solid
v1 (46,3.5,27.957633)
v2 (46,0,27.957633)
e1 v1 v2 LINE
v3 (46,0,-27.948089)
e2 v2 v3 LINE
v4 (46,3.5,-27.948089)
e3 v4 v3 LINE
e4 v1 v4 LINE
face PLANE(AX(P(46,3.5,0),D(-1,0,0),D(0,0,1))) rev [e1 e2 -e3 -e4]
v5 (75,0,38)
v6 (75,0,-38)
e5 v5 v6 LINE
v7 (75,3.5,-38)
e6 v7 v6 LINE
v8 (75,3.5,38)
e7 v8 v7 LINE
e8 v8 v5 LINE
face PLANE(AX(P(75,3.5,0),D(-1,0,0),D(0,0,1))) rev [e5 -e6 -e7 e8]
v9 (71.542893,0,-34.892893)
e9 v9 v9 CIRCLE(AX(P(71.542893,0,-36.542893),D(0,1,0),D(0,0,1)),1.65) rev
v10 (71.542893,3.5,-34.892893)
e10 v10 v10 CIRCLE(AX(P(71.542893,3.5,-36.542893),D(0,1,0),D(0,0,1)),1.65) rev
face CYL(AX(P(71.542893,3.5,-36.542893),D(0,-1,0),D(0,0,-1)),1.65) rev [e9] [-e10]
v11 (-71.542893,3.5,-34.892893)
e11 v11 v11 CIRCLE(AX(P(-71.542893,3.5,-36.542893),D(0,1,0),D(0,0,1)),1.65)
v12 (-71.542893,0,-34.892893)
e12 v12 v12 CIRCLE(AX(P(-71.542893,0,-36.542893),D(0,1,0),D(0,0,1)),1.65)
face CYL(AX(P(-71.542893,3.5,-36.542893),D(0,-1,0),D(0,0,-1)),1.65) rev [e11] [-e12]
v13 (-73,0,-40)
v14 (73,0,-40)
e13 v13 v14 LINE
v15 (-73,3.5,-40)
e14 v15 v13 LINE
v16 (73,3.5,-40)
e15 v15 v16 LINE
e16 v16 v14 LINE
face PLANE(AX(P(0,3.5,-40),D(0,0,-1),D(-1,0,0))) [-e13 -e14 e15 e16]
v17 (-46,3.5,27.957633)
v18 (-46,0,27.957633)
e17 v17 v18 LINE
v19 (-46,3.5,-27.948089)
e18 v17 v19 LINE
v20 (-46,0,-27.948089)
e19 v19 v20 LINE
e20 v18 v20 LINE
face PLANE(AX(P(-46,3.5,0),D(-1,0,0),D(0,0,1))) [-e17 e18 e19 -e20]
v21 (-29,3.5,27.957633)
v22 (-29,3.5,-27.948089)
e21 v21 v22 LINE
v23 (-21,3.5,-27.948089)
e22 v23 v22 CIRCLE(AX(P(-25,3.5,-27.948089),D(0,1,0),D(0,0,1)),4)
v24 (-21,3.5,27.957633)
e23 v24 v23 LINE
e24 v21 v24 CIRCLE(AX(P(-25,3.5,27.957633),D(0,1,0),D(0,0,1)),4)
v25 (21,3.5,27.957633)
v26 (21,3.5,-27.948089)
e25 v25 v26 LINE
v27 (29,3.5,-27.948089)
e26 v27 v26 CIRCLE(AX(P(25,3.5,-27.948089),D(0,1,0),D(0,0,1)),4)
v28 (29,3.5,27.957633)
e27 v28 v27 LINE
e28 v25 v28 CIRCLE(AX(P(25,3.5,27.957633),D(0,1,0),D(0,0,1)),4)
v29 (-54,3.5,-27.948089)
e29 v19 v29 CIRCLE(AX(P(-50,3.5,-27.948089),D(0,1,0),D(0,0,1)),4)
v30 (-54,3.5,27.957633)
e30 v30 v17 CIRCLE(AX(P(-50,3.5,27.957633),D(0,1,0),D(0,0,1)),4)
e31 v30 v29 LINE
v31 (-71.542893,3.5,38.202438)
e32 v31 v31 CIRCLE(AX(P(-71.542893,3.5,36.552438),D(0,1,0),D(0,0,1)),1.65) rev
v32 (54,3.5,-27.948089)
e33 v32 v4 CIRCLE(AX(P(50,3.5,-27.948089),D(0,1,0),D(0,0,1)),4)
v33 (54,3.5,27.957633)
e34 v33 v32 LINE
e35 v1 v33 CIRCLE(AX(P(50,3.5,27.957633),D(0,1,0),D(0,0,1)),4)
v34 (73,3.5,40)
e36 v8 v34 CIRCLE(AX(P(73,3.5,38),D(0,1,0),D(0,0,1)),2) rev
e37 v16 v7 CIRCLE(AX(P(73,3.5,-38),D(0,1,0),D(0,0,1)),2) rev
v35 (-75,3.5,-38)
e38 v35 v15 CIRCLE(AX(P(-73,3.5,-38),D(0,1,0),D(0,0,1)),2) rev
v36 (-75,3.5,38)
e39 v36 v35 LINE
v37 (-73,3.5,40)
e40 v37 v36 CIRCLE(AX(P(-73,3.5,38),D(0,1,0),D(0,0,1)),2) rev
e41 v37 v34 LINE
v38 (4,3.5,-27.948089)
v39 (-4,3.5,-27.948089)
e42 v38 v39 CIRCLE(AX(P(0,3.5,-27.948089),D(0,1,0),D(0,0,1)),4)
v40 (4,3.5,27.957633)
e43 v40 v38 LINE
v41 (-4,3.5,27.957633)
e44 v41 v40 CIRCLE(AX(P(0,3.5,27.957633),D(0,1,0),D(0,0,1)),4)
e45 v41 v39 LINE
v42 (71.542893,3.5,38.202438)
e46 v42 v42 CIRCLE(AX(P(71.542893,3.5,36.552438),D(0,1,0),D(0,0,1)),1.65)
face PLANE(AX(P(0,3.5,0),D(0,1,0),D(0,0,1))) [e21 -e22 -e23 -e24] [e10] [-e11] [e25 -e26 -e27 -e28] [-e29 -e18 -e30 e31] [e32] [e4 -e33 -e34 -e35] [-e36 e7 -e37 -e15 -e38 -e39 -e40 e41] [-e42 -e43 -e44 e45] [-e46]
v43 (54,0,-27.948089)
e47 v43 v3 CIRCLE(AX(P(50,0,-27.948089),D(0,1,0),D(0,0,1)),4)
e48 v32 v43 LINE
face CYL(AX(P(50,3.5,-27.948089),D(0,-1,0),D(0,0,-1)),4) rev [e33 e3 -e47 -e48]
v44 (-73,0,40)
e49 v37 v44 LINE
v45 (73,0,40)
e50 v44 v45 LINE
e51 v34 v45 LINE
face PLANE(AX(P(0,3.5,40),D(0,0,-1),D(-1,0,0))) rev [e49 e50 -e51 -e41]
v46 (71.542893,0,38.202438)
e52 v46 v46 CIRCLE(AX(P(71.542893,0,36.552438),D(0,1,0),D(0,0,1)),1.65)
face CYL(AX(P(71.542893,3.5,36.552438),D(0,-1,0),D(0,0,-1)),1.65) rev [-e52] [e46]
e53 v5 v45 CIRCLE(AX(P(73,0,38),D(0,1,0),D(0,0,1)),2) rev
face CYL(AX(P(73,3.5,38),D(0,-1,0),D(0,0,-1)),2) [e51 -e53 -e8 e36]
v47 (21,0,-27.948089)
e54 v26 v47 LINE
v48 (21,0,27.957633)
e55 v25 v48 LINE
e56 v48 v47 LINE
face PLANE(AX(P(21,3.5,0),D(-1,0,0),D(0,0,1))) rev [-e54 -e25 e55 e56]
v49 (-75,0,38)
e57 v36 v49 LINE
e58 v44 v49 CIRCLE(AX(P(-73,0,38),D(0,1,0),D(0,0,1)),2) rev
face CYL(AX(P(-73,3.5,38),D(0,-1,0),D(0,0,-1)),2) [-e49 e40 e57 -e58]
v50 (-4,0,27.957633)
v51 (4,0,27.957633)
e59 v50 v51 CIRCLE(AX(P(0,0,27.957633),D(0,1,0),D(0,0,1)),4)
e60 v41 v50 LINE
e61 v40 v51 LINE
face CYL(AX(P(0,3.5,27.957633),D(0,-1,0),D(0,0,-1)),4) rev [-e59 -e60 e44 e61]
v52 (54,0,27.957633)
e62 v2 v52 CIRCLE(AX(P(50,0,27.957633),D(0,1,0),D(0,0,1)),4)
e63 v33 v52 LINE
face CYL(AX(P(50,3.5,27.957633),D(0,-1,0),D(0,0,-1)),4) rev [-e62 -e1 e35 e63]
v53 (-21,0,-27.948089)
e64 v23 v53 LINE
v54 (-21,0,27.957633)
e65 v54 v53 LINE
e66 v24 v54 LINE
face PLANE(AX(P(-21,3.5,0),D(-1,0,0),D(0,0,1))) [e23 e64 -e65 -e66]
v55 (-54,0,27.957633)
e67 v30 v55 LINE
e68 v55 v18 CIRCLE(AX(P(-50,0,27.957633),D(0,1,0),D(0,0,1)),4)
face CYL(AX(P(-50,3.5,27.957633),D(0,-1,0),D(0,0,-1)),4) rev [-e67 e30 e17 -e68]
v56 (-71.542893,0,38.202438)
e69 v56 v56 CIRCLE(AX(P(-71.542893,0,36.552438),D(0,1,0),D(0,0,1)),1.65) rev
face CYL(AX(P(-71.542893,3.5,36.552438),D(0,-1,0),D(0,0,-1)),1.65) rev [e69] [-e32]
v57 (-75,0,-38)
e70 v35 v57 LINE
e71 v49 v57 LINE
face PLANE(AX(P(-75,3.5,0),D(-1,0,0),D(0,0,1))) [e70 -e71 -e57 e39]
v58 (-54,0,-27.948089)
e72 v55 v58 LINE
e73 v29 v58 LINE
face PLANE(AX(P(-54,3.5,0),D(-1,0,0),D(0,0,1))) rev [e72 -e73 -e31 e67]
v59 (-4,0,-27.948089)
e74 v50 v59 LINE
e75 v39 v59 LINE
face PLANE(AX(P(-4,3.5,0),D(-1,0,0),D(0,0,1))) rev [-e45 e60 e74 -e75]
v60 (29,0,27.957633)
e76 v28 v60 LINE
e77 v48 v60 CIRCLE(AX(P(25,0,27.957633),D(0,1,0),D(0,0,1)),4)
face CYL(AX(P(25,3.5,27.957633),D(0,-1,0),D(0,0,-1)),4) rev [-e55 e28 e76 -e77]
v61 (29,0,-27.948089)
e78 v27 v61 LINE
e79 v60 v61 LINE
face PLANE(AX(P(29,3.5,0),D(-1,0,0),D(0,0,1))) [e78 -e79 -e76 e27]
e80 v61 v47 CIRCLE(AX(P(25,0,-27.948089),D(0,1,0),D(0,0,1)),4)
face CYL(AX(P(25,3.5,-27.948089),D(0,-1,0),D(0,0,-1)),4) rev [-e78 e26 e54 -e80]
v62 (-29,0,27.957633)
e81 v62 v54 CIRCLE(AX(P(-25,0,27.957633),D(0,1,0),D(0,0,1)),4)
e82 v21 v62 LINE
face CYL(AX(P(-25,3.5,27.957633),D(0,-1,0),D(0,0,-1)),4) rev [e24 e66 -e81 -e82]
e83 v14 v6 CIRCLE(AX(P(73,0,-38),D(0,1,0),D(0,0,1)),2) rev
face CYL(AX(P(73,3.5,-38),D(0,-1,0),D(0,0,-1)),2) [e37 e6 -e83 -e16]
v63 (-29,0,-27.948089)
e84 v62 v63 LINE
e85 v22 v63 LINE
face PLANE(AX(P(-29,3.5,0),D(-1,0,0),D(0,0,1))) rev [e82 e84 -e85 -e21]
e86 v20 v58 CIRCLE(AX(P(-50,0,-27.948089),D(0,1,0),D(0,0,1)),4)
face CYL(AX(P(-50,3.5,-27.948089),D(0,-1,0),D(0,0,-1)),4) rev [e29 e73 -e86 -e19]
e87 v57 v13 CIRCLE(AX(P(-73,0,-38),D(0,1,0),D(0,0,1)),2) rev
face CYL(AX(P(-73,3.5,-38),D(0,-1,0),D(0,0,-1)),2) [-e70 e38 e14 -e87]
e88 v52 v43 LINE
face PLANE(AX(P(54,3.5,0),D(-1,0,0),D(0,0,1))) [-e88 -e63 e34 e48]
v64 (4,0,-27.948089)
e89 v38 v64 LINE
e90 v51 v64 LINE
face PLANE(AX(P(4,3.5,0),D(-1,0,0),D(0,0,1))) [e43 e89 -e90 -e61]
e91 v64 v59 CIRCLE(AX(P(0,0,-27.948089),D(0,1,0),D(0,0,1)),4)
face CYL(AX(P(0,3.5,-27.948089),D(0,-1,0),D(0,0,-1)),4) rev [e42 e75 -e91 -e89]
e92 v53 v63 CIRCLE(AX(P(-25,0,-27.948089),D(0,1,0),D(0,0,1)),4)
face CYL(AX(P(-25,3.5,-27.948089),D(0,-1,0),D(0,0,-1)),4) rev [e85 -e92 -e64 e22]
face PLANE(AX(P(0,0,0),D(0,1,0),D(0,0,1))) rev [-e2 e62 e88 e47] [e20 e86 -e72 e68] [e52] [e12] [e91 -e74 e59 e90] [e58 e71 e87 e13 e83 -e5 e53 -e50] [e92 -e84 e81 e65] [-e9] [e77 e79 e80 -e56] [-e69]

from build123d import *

# Parameters (mm, degrees)
SKETCH1_R           = 1.65
BOSS_EXTRUDE1_DEPTH = 3.5


with BuildPart() as part:
    # Sketch1 → Boss-Extrude1 (new body)
    with BuildSketch(Plane(origin=(0, 0, 0), x_dir=(1, 0, 0), z_dir=(0, 1, 0))):
        with BuildLine():
            ThreePointArc((-75, 38), (-74.414213562, 39.414213562), (-73, 40))
            Line((-73, 40), (73, 40))
            ThreePointArc((73, 40), (74.414213562, 39.414213562), (75, 38))
            Line((75, 38), (75, -38))
            ThreePointArc((75, -38), (74.414213562, -39.414213562), (73, -40))
            Line((73, -40), (-73, -40))
            ThreePointArc((-73, -40), (-74.414213562, -39.414213562), (-75, -38))
            Line((-75, -38), (-75, 38))
        make_face()
        with Locations(Location((71.542893219, 36.542893219, 0), (0, 0, 270))):
            Circle(SKETCH1_R, mode=Mode.SUBTRACT)
        with Locations(Location((-71.542893219, 36.542893219, 0), (0, 0, 270))):
            Circle(SKETCH1_R, mode=Mode.SUBTRACT)
        with Locations(Location((71.542893219, -36.552437932, 0), (0, 0, 270))):
            Circle(SKETCH1_R, mode=Mode.SUBTRACT)
        with Locations(Location((-71.542893219, -36.552437932, 0), (0, 0, 270))):
            Circle(SKETCH1_R, mode=Mode.SUBTRACT)
        with BuildLine():
            ThreePointArc((-46, 27.948088576), (-50, 31.948088576), (-54, 27.948088576))
            Line((-54, 27.948088576), (-54, -27.957633289))
            ThreePointArc((-54, -27.957633289), (-50, -31.957633289), (-46, -27.957633289))
            Line((-46, -27.957633289), (-46, 27.948088576))
        make_face(mode=Mode.SUBTRACT)
        with BuildLine():
            ThreePointArc((-21, 27.948088576), (-25, 31.948088576), (-29, 27.948088576))
            Line((-29, 27.948088576), (-29, -27.957633289))
            ThreePointArc((-29, -27.957633289), (-25, -31.957633289), (-21, -27.957633289))
            Line((-21, -27.957633289), (-21, 27.948088576))
        make_face(mode=Mode.SUBTRACT)
        with BuildLine():
            ThreePointArc((54, 27.948088576), (50, 31.948088576), (46, 27.948088576))
            Line((46, 27.948088576), (46, -27.957633289))
            ThreePointArc((46, -27.957633289), (50, -31.957633289), (54, -27.957633289))
            Line((54, -27.957633289), (54, 27.948088576))
        make_face(mode=Mode.SUBTRACT)
        with BuildLine():
            ThreePointArc((29, 27.948088576), (25, 31.948088576), (21, 27.948088576))
            Line((21, 27.948088576), (21, -27.957633289))
            ThreePointArc((21, -27.957633289), (25, -31.957633289), (29, -27.957633289))
            Line((29, -27.957633289), (29, 27.948088576))
        make_face(mode=Mode.SUBTRACT)
        with BuildLine():
            ThreePointArc((4, 27.948088576), (0, 31.948088576), (-4, 27.948088576))
            Line((-4, 27.948088576), (-4, -27.957633289))
            ThreePointArc((-4, -27.957633289), (0, -31.957633289), (4, -27.957633289))
            Line((4, -27.957633289), (4, 27.948088576))
        make_face(mode=Mode.SUBTRACT)
    extrude(amount=BOSS_EXTRUDE1_DEPTH)


solid = part.part
